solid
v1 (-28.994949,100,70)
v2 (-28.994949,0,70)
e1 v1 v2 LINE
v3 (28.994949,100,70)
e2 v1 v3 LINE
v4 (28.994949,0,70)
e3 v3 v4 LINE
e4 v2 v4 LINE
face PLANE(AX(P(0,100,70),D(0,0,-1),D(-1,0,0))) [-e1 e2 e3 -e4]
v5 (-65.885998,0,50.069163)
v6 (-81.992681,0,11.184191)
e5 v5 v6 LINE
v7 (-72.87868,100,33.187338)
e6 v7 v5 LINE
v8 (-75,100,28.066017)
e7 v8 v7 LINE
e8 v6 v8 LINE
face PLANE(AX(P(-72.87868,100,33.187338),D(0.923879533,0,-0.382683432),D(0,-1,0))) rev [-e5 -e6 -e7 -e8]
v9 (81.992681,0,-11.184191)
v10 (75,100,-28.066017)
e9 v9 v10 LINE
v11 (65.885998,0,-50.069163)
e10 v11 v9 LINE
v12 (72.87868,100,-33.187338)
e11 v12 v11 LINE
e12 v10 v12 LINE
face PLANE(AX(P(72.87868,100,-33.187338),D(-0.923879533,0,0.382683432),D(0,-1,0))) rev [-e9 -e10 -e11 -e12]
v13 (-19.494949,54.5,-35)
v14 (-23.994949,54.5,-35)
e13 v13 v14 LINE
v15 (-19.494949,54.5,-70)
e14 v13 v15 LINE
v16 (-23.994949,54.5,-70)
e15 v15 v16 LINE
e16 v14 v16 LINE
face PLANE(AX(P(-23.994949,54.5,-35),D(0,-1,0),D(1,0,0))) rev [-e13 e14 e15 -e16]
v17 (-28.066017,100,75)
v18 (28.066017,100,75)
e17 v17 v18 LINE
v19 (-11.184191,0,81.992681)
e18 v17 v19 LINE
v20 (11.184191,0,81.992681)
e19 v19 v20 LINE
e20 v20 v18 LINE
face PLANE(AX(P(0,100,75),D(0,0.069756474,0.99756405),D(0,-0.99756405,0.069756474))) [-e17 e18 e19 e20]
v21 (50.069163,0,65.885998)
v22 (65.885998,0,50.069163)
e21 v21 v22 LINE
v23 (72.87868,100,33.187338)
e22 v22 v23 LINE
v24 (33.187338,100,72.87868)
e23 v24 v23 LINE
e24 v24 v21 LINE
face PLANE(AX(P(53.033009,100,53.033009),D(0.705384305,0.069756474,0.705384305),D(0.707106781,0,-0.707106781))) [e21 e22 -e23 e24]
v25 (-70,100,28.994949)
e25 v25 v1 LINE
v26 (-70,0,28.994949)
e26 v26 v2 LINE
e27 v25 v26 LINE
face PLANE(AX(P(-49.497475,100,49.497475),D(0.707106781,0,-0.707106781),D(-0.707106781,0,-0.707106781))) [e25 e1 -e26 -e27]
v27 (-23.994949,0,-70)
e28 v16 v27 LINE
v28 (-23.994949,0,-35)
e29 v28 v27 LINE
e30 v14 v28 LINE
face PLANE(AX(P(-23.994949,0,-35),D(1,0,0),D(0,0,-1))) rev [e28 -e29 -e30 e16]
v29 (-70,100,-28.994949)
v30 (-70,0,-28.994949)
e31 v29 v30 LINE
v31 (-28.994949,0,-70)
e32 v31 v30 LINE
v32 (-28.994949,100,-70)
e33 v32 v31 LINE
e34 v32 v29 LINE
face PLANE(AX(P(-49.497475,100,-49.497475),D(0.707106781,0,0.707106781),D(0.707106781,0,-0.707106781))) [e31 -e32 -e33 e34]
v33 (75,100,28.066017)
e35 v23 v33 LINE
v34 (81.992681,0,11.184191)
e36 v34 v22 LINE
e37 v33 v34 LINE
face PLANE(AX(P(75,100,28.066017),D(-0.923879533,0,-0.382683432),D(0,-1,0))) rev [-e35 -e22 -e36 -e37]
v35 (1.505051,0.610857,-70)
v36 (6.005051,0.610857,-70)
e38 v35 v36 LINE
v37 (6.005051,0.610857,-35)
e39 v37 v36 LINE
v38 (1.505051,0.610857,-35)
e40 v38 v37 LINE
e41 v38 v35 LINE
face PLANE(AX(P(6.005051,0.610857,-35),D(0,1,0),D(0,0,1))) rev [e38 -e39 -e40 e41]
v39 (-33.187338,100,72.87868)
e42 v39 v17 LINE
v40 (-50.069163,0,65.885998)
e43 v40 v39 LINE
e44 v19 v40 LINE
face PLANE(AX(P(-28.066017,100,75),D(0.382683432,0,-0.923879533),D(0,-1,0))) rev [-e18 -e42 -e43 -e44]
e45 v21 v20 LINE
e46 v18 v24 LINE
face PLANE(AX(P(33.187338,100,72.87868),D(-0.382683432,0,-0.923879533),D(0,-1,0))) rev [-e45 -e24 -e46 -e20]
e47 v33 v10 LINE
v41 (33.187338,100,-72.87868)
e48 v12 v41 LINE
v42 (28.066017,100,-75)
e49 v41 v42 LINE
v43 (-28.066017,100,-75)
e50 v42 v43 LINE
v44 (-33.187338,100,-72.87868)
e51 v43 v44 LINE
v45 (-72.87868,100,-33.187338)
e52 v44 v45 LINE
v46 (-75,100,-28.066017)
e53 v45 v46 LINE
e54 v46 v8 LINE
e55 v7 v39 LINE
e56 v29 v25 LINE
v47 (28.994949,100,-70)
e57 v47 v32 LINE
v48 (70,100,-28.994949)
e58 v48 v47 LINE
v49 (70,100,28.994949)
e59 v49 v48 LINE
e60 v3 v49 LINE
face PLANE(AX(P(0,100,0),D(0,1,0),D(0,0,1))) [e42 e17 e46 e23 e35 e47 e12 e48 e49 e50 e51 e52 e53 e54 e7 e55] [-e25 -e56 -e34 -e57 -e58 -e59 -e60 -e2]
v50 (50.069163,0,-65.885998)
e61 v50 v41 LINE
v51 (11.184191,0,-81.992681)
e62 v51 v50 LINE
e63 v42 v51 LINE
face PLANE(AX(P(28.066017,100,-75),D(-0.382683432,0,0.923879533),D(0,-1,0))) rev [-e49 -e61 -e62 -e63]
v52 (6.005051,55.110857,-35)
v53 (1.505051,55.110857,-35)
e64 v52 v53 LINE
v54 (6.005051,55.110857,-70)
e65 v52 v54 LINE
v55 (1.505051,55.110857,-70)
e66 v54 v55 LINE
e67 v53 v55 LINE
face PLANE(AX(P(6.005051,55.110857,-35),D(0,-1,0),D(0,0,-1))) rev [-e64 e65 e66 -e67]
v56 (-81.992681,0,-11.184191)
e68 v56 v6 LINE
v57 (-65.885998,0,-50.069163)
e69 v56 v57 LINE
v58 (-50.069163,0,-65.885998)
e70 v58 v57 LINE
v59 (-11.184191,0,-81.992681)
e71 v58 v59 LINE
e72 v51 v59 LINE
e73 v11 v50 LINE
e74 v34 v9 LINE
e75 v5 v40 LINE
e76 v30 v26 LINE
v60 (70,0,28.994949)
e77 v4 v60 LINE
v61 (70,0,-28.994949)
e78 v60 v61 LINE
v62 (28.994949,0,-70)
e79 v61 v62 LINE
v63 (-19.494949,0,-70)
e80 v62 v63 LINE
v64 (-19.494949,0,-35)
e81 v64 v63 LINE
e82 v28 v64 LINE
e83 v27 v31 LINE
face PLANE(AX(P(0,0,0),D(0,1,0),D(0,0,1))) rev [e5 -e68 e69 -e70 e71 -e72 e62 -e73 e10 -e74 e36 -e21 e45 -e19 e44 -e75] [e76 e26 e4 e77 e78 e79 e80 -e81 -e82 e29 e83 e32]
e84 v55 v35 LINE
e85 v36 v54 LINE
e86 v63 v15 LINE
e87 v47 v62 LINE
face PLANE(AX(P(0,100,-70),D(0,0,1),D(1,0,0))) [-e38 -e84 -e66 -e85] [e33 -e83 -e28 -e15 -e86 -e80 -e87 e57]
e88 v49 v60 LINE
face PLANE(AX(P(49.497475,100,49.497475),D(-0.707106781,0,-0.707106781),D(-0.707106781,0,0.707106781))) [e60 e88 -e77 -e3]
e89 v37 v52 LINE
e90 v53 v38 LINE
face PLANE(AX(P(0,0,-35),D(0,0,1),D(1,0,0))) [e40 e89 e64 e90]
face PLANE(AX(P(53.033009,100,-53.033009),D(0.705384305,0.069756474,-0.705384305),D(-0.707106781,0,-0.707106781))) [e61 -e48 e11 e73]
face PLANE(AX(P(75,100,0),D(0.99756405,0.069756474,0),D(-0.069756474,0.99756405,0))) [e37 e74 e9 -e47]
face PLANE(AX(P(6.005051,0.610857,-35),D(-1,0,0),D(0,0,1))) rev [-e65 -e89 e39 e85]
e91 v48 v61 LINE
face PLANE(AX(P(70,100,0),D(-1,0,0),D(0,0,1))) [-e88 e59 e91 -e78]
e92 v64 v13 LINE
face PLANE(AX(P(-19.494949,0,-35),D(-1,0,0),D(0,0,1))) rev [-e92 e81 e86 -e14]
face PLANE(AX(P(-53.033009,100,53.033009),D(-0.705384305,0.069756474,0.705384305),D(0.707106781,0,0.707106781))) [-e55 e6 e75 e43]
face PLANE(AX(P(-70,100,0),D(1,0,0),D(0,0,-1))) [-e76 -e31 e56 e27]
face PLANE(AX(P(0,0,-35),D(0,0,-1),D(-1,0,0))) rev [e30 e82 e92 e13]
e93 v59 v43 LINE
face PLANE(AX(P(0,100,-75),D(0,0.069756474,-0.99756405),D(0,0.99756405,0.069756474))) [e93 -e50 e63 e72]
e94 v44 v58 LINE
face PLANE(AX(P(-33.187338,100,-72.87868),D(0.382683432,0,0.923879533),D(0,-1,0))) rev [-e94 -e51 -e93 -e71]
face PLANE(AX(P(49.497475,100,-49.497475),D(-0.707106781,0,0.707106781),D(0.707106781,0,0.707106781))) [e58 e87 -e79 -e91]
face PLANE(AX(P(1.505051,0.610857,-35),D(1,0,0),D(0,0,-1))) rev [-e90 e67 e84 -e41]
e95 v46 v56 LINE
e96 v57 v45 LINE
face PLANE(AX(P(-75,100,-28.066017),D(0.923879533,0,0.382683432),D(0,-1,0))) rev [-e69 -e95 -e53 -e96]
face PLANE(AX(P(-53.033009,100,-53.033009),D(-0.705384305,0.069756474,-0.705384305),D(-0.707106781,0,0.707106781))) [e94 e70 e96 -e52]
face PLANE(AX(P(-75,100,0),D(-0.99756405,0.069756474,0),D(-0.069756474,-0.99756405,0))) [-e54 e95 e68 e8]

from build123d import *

# Parameters (mm, degrees)
BOSS_EXTRUDE2_DEPTH = 100
SKETCH2_W           = 4.5
SKETCH2_H           = 54.5
BOSS_EXTRUDE3_DEPTH = 35
CHAMFER1_SIZE       = 3
DRAFT2_ANGLE        = 4


with BuildPart() as part:
    # Sketch1 → Boss-Extrude2 (new body)
    with BuildSketch(Plane(origin=(0, 0, 0), x_dir=(1, 0, 0), z_dir=(0, 1, 0))):
        Polygon((-31.066017178, -75), (31.066017178, -75), (75, -31.066017178), (75, 31.066017178), (31.066017178, 75), (-31.066017178, 75), (-75, 31.066017178), (-75, -31.066017178), align=None)
        Polygon((28.994949366, -70), (70, -28.994949366), (70, 28.994949366), (28.994949366, 70), (-28.994949366, 70), (-70, 28.994949366), (-70, -28.994949366), (-28.994949366, -70), align=None, mode=Mode.SUBTRACT)
    extrude(amount=BOSS_EXTRUDE2_DEPTH)

    # Sketch2 → Boss-Extrude3 (add)
    with BuildSketch(Plane.XY.offset(-70)):
        with Locations((-21.744949366, 27.25)):
            Rectangle(SKETCH2_W, SKETCH2_H)
        with Locations((3.755050634, 27.860857485)):
            Rectangle(SKETCH2_W, SKETCH2_H)
    extrude(amount=BOSS_EXTRUDE3_DEPTH)

    # Chamfer1
    chamfer1_edges = [part.edges().sort_by_distance(p)[0] for p in [
        (-31.066017178, 50, 75),
        (-75, 50, 31.066017178),
        (-75, 50, -31.066017178),
        (-31.066017178, 50, -75),
        (31.066017178, 50, -75),
        (75, 50, -31.066017178),
        (75, 50, 31.066017178),
        (31.066017178, 50, 75),
    ]]
    chamfer(chamfer1_edges, length=CHAMFER1_SIZE)

    # Draft2
    draft2_faces = [part.faces().sort_by_distance(p)[0] for p in [
        (53.033008589, 50, -53.033008589),
        (0, 50, -75),
        (-53.033008589, 50, -53.033008589),
        (-75, 50, 0),
        (-53.033008589, 50, 53.033008589),
        (0, 50, 75),
        (53.033008589, 50, 53.033008589),
        (75, 50, 0),
    ]]
    draft(draft2_faces, Plane.ZX.offset(100), DRAFT2_ANGLE)


solid = part.part
